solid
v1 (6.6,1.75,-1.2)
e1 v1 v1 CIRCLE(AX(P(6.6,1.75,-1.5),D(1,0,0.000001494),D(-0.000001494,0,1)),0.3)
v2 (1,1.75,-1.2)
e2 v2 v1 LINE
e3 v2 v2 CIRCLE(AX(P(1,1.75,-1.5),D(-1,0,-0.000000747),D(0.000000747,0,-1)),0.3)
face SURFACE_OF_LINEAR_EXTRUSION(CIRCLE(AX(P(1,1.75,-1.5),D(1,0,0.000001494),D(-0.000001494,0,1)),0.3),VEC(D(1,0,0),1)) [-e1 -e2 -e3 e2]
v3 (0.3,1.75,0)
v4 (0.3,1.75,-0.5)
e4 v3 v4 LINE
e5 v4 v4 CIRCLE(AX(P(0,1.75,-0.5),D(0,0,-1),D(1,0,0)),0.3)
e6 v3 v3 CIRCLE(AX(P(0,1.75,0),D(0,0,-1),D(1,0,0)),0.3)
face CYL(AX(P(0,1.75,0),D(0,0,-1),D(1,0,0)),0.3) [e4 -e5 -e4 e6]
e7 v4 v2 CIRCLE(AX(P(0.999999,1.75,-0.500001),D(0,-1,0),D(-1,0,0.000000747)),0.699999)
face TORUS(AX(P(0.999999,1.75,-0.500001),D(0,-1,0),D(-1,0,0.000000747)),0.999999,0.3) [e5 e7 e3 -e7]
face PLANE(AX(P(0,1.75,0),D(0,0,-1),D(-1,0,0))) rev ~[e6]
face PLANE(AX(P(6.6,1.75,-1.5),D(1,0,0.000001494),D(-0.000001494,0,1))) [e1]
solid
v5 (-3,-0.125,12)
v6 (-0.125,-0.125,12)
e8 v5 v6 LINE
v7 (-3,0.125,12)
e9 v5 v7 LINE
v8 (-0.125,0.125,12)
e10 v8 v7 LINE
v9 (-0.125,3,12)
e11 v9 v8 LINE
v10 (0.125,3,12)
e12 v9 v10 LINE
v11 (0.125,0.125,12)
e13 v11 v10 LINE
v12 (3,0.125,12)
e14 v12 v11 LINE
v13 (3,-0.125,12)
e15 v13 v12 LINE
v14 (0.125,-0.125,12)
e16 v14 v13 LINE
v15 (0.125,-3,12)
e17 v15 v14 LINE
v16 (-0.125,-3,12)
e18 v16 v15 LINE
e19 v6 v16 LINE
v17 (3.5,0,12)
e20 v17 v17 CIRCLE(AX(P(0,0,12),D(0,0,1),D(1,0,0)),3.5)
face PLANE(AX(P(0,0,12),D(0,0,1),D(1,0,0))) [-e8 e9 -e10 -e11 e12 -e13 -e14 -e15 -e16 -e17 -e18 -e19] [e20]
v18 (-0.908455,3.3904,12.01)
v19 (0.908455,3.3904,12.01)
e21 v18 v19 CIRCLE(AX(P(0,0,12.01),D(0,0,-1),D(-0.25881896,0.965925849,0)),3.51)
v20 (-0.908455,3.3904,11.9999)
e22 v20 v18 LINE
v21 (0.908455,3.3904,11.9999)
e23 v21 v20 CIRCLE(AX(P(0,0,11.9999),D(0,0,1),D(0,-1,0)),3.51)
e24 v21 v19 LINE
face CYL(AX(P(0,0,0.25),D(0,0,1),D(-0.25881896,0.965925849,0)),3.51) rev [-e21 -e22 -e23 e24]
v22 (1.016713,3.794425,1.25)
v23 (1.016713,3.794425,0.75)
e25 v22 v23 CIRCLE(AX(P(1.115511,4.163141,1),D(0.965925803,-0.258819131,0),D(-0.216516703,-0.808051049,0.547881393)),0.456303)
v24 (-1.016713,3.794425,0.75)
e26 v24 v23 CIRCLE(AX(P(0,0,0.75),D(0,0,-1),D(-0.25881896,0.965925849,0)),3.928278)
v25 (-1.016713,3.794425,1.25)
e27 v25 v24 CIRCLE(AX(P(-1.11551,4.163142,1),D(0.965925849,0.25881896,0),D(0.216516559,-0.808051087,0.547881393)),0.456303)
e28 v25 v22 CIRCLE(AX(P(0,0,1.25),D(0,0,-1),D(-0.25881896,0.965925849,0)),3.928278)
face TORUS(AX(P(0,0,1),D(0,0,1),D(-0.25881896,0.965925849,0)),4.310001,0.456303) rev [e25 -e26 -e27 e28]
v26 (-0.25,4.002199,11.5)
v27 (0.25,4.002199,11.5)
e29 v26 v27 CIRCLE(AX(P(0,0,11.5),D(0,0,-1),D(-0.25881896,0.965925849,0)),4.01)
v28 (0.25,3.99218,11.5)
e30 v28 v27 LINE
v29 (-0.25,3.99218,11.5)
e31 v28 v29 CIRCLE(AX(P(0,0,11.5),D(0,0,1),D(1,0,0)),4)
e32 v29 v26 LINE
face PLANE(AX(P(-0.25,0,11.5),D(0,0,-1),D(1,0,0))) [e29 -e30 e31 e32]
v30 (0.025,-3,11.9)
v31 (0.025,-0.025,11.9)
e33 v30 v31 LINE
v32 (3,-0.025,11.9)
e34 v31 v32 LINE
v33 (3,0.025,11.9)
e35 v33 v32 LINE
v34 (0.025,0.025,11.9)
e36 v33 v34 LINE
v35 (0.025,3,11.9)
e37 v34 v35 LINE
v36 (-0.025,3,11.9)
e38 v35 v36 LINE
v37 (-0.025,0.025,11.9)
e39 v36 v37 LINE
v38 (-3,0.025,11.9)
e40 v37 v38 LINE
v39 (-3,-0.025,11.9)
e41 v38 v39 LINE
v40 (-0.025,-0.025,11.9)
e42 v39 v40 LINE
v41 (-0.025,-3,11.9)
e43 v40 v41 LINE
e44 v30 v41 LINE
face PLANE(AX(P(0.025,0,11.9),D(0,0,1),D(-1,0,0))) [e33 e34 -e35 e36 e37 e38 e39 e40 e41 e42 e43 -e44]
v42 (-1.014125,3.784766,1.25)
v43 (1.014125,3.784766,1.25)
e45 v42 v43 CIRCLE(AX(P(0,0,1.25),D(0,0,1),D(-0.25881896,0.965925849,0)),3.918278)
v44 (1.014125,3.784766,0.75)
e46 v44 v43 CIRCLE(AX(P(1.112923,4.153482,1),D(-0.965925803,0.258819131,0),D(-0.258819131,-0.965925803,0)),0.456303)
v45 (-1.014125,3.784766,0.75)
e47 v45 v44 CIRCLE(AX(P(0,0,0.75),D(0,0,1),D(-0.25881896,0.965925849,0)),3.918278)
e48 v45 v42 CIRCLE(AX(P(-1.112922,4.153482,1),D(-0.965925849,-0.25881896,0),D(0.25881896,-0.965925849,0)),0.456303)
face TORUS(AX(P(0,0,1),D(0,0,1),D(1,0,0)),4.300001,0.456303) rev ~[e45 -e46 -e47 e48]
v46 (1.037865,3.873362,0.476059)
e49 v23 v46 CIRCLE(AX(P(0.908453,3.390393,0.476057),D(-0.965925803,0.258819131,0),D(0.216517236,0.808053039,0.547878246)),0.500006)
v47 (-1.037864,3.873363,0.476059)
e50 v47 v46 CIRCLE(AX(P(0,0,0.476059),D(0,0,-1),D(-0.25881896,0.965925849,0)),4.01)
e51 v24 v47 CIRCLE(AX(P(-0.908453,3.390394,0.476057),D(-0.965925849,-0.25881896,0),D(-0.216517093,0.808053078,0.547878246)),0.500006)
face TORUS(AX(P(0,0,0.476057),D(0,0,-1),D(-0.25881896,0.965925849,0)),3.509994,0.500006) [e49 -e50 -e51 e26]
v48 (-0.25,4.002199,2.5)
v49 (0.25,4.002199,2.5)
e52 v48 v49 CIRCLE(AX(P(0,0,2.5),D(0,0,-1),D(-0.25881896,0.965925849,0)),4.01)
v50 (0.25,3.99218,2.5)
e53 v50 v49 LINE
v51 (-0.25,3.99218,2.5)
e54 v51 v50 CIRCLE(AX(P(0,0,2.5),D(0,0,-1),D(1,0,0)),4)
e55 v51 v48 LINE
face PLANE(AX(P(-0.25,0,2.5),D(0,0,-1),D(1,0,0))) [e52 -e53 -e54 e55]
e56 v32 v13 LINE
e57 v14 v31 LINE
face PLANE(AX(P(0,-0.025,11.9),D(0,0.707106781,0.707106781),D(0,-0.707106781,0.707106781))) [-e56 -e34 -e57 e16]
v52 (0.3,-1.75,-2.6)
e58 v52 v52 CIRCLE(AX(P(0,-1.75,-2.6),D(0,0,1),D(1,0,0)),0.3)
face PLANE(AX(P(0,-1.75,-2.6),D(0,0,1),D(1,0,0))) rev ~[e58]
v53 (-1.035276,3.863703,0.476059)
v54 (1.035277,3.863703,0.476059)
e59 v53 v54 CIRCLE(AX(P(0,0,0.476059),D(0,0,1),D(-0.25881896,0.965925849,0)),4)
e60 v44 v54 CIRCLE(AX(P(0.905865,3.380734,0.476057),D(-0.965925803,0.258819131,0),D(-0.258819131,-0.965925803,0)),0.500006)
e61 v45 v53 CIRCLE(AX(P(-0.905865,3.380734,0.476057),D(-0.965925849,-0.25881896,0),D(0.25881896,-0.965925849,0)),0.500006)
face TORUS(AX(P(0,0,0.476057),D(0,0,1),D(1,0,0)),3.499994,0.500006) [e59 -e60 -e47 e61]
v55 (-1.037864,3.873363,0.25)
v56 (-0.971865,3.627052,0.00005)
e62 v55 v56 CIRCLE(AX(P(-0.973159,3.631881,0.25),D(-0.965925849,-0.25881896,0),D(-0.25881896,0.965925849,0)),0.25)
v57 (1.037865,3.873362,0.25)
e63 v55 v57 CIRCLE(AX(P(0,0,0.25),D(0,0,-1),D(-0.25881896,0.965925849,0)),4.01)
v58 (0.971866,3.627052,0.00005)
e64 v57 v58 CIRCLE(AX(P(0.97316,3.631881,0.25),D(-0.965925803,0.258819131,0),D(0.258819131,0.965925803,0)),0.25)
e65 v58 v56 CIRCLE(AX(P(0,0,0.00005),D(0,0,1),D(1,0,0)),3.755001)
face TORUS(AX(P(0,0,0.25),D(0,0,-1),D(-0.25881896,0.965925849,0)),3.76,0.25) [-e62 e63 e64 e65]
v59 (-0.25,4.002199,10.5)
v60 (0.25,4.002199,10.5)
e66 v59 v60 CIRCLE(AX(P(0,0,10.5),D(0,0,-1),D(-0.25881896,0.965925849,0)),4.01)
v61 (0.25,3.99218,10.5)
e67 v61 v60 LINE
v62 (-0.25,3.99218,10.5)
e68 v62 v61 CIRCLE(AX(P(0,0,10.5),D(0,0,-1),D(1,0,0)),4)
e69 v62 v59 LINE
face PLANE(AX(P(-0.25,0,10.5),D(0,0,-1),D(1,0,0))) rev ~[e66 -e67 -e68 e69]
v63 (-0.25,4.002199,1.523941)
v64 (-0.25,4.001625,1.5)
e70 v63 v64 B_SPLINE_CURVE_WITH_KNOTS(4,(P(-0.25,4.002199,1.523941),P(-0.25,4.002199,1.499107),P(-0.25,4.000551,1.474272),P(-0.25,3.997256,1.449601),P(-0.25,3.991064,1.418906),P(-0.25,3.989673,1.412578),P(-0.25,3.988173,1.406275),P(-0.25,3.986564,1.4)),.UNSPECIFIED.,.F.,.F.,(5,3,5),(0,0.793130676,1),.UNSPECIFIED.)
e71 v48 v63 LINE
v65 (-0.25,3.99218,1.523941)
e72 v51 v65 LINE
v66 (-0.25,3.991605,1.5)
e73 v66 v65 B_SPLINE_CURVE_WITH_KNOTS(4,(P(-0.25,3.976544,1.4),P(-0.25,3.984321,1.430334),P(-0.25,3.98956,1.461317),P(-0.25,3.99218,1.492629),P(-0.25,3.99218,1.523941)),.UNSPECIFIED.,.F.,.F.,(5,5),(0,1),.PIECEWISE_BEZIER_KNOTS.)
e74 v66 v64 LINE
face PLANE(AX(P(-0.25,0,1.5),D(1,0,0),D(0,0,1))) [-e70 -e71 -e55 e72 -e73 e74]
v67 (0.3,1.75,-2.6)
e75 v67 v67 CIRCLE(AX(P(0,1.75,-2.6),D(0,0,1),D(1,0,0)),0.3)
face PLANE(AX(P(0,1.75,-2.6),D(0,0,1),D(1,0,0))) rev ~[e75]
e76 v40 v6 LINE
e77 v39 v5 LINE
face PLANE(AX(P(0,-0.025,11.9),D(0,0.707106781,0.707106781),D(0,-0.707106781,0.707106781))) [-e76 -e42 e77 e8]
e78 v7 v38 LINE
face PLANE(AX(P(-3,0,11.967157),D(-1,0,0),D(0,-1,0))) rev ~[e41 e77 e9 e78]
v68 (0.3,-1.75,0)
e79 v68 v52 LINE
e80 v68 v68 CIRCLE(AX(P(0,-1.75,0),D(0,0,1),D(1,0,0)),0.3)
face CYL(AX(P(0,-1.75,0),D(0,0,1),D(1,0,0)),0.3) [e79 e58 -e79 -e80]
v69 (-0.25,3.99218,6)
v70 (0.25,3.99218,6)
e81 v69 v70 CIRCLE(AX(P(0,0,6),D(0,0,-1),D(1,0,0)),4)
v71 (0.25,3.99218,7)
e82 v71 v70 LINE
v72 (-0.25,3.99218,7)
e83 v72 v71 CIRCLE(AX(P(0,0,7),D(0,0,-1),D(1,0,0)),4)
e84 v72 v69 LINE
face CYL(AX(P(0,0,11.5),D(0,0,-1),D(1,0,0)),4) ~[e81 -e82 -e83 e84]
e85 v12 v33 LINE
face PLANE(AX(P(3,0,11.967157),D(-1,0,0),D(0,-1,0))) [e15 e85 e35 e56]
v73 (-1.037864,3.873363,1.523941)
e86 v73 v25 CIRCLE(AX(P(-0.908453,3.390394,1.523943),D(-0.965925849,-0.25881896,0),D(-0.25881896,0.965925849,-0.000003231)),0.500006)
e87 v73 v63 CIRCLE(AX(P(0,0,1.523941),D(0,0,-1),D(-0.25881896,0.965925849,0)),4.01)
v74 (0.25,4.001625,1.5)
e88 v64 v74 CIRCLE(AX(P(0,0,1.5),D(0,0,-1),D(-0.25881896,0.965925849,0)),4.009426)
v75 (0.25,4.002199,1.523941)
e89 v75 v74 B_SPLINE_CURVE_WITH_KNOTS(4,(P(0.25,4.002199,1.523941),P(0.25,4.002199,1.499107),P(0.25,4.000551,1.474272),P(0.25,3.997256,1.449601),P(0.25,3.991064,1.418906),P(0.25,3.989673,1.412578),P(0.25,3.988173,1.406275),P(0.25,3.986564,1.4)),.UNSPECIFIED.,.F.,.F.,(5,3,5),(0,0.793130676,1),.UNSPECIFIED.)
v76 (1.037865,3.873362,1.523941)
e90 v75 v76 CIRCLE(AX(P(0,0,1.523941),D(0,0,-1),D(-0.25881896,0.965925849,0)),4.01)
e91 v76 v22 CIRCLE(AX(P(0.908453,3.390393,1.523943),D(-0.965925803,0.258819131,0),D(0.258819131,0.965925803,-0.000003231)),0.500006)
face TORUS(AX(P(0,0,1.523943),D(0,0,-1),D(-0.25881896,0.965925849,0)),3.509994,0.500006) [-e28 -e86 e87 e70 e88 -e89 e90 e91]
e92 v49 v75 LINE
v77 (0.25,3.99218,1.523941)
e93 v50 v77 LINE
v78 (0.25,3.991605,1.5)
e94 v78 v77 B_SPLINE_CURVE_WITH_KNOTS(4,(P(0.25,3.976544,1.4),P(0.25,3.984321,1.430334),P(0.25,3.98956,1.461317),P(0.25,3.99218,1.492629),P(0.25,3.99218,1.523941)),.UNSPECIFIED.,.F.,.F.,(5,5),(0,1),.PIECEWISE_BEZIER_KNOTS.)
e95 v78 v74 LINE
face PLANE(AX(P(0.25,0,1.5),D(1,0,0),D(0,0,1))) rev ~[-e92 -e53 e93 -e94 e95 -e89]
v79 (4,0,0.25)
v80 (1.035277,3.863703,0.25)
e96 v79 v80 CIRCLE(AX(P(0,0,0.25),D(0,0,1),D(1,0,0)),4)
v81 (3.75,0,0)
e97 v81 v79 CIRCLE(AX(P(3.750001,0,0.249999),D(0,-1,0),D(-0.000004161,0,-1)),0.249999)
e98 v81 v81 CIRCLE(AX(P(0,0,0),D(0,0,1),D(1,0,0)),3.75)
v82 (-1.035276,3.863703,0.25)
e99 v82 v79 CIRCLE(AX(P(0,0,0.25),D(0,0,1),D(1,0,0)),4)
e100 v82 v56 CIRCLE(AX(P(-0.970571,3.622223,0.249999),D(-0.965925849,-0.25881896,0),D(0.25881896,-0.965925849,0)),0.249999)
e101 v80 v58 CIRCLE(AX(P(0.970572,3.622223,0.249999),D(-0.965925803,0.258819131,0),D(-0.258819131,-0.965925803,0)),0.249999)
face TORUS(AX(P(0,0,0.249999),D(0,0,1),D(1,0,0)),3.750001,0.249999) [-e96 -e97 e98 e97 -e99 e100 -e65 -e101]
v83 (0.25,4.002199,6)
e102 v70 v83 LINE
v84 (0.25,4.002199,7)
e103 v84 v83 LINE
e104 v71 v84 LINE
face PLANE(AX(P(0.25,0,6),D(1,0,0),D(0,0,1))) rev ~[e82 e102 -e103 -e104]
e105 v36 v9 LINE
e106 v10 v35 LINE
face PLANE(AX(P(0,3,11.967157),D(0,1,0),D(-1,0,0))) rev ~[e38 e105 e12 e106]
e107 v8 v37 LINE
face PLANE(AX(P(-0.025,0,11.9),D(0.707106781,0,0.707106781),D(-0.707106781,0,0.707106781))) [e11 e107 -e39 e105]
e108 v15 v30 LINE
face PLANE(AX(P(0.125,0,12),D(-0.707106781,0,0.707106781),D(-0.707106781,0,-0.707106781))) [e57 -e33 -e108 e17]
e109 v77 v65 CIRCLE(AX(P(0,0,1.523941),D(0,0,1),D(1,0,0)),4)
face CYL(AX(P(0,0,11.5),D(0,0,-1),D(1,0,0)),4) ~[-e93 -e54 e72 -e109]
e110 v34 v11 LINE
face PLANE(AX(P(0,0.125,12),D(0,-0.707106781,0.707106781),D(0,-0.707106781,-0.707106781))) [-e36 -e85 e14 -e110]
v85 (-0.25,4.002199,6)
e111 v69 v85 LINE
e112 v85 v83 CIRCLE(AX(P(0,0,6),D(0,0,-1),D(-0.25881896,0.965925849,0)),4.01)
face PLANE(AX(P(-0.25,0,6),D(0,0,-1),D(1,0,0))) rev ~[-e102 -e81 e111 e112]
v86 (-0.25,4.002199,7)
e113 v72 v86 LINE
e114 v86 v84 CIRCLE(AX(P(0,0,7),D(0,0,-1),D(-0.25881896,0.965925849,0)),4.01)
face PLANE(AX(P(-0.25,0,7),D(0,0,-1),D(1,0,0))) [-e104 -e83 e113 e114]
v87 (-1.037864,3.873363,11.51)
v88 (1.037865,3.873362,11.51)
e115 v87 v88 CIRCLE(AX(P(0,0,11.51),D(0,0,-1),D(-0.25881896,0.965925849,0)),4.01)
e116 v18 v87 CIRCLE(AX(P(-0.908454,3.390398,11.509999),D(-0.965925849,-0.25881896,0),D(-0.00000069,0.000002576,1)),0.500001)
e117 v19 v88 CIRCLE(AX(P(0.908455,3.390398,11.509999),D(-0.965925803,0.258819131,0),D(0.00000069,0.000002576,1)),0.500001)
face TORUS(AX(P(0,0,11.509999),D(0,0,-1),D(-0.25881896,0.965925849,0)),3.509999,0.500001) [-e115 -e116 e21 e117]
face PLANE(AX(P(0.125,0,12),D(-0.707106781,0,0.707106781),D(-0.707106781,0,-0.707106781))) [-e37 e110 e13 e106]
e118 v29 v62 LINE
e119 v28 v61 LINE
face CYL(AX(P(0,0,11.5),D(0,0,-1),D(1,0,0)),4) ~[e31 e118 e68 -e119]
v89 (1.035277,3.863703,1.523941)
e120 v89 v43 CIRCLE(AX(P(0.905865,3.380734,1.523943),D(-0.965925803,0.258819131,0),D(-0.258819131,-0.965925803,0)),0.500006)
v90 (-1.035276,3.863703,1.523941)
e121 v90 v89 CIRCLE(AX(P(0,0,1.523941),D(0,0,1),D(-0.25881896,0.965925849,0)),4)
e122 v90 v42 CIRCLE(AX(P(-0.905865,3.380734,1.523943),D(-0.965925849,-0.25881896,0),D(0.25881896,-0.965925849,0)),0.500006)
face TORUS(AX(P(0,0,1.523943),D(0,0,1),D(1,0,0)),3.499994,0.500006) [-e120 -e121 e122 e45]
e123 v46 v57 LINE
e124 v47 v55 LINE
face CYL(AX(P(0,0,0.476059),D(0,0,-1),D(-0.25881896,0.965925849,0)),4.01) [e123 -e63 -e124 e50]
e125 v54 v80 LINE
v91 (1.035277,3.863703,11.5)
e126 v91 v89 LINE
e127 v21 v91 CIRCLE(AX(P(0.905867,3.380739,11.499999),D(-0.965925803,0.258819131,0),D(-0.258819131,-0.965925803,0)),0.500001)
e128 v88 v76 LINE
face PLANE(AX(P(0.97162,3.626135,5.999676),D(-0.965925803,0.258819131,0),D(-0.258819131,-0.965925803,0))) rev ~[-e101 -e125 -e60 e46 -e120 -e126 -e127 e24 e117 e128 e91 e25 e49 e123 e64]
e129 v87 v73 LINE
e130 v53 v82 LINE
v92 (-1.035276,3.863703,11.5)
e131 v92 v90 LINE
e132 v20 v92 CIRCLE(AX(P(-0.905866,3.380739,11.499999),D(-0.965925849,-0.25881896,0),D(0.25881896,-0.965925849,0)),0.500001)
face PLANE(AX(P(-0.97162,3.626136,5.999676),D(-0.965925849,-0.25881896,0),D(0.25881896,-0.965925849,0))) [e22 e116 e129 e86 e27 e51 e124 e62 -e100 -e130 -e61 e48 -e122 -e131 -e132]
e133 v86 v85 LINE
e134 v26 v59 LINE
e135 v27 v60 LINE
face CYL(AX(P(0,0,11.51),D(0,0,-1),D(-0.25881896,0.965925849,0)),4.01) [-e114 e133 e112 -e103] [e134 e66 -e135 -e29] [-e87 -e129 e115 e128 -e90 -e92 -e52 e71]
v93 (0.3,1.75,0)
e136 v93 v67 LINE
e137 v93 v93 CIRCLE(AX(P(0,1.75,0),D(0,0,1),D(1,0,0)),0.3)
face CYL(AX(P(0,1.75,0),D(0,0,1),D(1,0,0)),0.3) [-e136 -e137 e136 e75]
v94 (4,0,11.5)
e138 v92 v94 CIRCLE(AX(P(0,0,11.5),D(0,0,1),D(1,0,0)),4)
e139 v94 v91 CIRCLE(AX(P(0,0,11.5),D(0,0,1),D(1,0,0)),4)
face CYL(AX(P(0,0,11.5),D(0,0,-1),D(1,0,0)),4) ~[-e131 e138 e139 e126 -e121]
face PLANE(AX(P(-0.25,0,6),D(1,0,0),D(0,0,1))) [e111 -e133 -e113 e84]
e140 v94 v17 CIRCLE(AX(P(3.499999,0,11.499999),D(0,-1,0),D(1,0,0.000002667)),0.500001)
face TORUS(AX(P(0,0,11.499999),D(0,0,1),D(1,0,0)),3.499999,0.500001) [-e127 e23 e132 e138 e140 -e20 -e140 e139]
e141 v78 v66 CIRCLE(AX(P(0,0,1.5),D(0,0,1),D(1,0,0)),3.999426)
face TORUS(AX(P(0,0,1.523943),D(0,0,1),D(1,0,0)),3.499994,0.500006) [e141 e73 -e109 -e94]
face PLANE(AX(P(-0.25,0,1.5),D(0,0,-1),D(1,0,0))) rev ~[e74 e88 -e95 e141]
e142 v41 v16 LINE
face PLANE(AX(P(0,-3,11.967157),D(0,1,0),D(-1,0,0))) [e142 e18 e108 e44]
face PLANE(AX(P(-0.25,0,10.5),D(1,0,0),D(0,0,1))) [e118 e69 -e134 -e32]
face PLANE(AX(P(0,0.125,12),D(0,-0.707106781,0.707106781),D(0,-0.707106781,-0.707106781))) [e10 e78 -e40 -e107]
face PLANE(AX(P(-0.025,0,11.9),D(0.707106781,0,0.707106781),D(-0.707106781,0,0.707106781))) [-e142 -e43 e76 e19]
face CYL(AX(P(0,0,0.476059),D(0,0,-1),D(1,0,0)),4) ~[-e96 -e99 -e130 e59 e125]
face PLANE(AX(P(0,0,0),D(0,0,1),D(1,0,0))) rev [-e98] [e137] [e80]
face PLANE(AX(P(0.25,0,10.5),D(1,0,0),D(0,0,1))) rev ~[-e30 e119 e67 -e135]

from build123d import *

# Parameters (mm, degrees)
SKETCH003_R         = 0.3
REVOLUTION001_ANGLE = -30
SKETCH015_W         = 0.5
SKETCH015_H         = 1
POCKET002_DEPTH     = 4.011
LINEARPATTERN_COUNT = 3
LINEARPATTERN_PITCH = 4.5
SKETCH010_R         = 0.3
PAD002_DEPTH        = 2.6
SKETCH013_R         = 3.5
PAD_DEPTH           = 0.5
POCKET001_DEPTH     = 3
POLARPATTERN_COUNT  = 3
POLARPATTERN_ANGLE  = 180
SKETCH012_R         = 3.5
POCKET_DEPTH        = 0.5


with BuildPart() as leadangledclone:
    # AdditivePipe: sweep along a path in Sketch004
    with BuildLine(Plane.XZ) as additivepipe_path:
        Line((0, 0), (0, -0.5))
        ThreePointArc((0, -0.5), (0.292893, -1.207107), (1, -1.5))
        Line((1, -1.5), (6.6, -1.5))
    # Sketch003 (on ShapeBinder) → AdditivePipe (sweep)
    with BuildSketch(Plane(origin=(0, 0, 0), x_dir=(1, 0, 0), z_dir=(0, 0, -1))):
        with Locations((0, 1.75)):
            Circle(SKETCH003_R)
    sweep(path=additivepipe_path.line)


with BuildPart() as leadangledclone_1:
    # Body003 placement: moved
    add(leadangledclone.part.moved(Location((0, 3.5, 0))))


with BuildPart() as polaritymarking:
    # Sketch005 → Revolution001 (revolve)
    with BuildSketch(Plane(origin=(0, 0, 0), x_dir=(-0.258819, 0.965926, 0), z_dir=(0.965926, 0.258819, 0))):
        with BuildLine():
            Line((3.51, 0.25), (3.51, 12.01))
            ThreePointArc((3.51, 12.01), (3.863553, 11.863553), (4.01, 11.51))
            Line((4.01, 11.51), (4.01, 1.523941))
            ThreePointArc((4.01, 1.523941), (3.989134, 1.381006), (3.928278, 1.25))
            ThreePointArc((3.928278, 1.25), (3.853698, 1), (3.928278, 0.75))
            ThreePointArc((3.928278, 0.75), (3.989134, 0.618994), (4.01, 0.476059))
            Line((4.01, 0.476059), (4.01, 0.25))
            ThreePointArc((4.01, 0.25), (3.76, 0), (3.51, 0.25))
        make_face()
    revolve(axis=Axis((0, 0, 0), (0, 0, 1)), revolution_arc=REVOLUTION001_ANGLE)

    # Sketch015 → Pocket002 (cut, through all)
    with BuildSketch(Plane.XZ):
        with Locations((0, 2)):
            Rectangle(SKETCH015_W, SKETCH015_H)
    pocket002 = extrude(amount=-POCKET002_DEPTH, mode=Mode.SUBTRACT)

    # LinearPattern: Pocket002 ×3
    with Locations(*[(0, 0, i * LINEARPATTERN_PITCH) for i in range(1, LINEARPATTERN_COUNT)]):
        add(pocket002, mode=Mode.SUBTRACT)


with BuildPart() as leadstraight:
    # Sketch010 → Pad002 (new body)
    with BuildSketch(Plane(origin=(0, 1.75, 0), x_dir=(1, 0, 0), z_dir=(0, 0, 1))):
        Circle(SKETCH010_R)
    extrude(amount=-PAD002_DEPTH)


with BuildPart() as leadstraightclone:
    # Body007 base: copy of LeadStraight
    add(leadstraight.part)


with BuildPart() as leadstraightclone_1:
    # Body007 placement: moved
    add(leadstraightclone.part.moved(Location((0, -3.5, 0))))


with BuildPart() as housingtop:
    # Sketch013 (on ShapeBinder) → Pad (new body)
    with BuildSketch(Plane.XY.offset(11.5)):
        Circle(SKETCH013_R)
    extrude(amount=PAD_DEPTH)

    # Sketch014 → Pocket001 (cut, symmetric)
    with BuildSketch(Plane.XZ):
        Polygon((-0.125, 12), (0.125, 12), (0.025, 11.9), (-0.025, 11.9), align=None)
    pocket001 = extrude(amount=POCKET001_DEPTH, both=True, mode=Mode.SUBTRACT)

    # PolarPattern: Pocket001 ×3 about axis
    polarpattern_axis = Axis((0, 0, 0), (0, 0, 1))
    for i in range(1, POLARPATTERN_COUNT):
        add(pocket001.rotate(polarpattern_axis, i * POLARPATTERN_ANGLE / (POLARPATTERN_COUNT - 1)), mode=Mode.SUBTRACT)


with BuildPart() as fusion:
    # Sketch → Revolution (revolve)
    with BuildSketch(Plane.XZ):
        with BuildLine():
            Line((0, 12), (3.5, 12))
            ThreePointArc((4, 11.5), (3.853553, 11.853553), (3.5, 12))
            Line((4, 11.5), (4, 1.523941))
            ThreePointArc((3.918278, 1.25), (3.979134, 1.381006), (4, 1.523941))
            ThreePointArc((3.918278, 1.25), (3.843698, 1), (3.918278, 0.75))
            ThreePointArc((4, 0.476059), (3.979134, 0.618994), (3.918278, 0.75))
            Line((4, 0.476059), (4, 0.25))
            ThreePointArc((3.75, 0), (3.926777, 0.073223), (4, 0.25))
            Line((0, 0), (3.75, 0))
            Line((0, 12), (0, 0))
        make_face()
    revolve(axis=Axis((0, 0, 0), (0, 0, 1)))

    # Sketch012 → Pocket (cut)
    with BuildSketch(Plane.XY.offset(12)):
        Circle(SKETCH012_R)
    extrude(amount=-POCKET_DEPTH, mode=Mode.SUBTRACT)

    # Fusion: union PolarityMarking, LeadStraight, LeadStraightClone, HousingTop
    add(polaritymarking.part)
    add(leadstraight.part)
    add(leadstraightclone_1.part)
    add(housingtop.part)


solid = Compound([leadangledclone_1.part, fusion.part])
